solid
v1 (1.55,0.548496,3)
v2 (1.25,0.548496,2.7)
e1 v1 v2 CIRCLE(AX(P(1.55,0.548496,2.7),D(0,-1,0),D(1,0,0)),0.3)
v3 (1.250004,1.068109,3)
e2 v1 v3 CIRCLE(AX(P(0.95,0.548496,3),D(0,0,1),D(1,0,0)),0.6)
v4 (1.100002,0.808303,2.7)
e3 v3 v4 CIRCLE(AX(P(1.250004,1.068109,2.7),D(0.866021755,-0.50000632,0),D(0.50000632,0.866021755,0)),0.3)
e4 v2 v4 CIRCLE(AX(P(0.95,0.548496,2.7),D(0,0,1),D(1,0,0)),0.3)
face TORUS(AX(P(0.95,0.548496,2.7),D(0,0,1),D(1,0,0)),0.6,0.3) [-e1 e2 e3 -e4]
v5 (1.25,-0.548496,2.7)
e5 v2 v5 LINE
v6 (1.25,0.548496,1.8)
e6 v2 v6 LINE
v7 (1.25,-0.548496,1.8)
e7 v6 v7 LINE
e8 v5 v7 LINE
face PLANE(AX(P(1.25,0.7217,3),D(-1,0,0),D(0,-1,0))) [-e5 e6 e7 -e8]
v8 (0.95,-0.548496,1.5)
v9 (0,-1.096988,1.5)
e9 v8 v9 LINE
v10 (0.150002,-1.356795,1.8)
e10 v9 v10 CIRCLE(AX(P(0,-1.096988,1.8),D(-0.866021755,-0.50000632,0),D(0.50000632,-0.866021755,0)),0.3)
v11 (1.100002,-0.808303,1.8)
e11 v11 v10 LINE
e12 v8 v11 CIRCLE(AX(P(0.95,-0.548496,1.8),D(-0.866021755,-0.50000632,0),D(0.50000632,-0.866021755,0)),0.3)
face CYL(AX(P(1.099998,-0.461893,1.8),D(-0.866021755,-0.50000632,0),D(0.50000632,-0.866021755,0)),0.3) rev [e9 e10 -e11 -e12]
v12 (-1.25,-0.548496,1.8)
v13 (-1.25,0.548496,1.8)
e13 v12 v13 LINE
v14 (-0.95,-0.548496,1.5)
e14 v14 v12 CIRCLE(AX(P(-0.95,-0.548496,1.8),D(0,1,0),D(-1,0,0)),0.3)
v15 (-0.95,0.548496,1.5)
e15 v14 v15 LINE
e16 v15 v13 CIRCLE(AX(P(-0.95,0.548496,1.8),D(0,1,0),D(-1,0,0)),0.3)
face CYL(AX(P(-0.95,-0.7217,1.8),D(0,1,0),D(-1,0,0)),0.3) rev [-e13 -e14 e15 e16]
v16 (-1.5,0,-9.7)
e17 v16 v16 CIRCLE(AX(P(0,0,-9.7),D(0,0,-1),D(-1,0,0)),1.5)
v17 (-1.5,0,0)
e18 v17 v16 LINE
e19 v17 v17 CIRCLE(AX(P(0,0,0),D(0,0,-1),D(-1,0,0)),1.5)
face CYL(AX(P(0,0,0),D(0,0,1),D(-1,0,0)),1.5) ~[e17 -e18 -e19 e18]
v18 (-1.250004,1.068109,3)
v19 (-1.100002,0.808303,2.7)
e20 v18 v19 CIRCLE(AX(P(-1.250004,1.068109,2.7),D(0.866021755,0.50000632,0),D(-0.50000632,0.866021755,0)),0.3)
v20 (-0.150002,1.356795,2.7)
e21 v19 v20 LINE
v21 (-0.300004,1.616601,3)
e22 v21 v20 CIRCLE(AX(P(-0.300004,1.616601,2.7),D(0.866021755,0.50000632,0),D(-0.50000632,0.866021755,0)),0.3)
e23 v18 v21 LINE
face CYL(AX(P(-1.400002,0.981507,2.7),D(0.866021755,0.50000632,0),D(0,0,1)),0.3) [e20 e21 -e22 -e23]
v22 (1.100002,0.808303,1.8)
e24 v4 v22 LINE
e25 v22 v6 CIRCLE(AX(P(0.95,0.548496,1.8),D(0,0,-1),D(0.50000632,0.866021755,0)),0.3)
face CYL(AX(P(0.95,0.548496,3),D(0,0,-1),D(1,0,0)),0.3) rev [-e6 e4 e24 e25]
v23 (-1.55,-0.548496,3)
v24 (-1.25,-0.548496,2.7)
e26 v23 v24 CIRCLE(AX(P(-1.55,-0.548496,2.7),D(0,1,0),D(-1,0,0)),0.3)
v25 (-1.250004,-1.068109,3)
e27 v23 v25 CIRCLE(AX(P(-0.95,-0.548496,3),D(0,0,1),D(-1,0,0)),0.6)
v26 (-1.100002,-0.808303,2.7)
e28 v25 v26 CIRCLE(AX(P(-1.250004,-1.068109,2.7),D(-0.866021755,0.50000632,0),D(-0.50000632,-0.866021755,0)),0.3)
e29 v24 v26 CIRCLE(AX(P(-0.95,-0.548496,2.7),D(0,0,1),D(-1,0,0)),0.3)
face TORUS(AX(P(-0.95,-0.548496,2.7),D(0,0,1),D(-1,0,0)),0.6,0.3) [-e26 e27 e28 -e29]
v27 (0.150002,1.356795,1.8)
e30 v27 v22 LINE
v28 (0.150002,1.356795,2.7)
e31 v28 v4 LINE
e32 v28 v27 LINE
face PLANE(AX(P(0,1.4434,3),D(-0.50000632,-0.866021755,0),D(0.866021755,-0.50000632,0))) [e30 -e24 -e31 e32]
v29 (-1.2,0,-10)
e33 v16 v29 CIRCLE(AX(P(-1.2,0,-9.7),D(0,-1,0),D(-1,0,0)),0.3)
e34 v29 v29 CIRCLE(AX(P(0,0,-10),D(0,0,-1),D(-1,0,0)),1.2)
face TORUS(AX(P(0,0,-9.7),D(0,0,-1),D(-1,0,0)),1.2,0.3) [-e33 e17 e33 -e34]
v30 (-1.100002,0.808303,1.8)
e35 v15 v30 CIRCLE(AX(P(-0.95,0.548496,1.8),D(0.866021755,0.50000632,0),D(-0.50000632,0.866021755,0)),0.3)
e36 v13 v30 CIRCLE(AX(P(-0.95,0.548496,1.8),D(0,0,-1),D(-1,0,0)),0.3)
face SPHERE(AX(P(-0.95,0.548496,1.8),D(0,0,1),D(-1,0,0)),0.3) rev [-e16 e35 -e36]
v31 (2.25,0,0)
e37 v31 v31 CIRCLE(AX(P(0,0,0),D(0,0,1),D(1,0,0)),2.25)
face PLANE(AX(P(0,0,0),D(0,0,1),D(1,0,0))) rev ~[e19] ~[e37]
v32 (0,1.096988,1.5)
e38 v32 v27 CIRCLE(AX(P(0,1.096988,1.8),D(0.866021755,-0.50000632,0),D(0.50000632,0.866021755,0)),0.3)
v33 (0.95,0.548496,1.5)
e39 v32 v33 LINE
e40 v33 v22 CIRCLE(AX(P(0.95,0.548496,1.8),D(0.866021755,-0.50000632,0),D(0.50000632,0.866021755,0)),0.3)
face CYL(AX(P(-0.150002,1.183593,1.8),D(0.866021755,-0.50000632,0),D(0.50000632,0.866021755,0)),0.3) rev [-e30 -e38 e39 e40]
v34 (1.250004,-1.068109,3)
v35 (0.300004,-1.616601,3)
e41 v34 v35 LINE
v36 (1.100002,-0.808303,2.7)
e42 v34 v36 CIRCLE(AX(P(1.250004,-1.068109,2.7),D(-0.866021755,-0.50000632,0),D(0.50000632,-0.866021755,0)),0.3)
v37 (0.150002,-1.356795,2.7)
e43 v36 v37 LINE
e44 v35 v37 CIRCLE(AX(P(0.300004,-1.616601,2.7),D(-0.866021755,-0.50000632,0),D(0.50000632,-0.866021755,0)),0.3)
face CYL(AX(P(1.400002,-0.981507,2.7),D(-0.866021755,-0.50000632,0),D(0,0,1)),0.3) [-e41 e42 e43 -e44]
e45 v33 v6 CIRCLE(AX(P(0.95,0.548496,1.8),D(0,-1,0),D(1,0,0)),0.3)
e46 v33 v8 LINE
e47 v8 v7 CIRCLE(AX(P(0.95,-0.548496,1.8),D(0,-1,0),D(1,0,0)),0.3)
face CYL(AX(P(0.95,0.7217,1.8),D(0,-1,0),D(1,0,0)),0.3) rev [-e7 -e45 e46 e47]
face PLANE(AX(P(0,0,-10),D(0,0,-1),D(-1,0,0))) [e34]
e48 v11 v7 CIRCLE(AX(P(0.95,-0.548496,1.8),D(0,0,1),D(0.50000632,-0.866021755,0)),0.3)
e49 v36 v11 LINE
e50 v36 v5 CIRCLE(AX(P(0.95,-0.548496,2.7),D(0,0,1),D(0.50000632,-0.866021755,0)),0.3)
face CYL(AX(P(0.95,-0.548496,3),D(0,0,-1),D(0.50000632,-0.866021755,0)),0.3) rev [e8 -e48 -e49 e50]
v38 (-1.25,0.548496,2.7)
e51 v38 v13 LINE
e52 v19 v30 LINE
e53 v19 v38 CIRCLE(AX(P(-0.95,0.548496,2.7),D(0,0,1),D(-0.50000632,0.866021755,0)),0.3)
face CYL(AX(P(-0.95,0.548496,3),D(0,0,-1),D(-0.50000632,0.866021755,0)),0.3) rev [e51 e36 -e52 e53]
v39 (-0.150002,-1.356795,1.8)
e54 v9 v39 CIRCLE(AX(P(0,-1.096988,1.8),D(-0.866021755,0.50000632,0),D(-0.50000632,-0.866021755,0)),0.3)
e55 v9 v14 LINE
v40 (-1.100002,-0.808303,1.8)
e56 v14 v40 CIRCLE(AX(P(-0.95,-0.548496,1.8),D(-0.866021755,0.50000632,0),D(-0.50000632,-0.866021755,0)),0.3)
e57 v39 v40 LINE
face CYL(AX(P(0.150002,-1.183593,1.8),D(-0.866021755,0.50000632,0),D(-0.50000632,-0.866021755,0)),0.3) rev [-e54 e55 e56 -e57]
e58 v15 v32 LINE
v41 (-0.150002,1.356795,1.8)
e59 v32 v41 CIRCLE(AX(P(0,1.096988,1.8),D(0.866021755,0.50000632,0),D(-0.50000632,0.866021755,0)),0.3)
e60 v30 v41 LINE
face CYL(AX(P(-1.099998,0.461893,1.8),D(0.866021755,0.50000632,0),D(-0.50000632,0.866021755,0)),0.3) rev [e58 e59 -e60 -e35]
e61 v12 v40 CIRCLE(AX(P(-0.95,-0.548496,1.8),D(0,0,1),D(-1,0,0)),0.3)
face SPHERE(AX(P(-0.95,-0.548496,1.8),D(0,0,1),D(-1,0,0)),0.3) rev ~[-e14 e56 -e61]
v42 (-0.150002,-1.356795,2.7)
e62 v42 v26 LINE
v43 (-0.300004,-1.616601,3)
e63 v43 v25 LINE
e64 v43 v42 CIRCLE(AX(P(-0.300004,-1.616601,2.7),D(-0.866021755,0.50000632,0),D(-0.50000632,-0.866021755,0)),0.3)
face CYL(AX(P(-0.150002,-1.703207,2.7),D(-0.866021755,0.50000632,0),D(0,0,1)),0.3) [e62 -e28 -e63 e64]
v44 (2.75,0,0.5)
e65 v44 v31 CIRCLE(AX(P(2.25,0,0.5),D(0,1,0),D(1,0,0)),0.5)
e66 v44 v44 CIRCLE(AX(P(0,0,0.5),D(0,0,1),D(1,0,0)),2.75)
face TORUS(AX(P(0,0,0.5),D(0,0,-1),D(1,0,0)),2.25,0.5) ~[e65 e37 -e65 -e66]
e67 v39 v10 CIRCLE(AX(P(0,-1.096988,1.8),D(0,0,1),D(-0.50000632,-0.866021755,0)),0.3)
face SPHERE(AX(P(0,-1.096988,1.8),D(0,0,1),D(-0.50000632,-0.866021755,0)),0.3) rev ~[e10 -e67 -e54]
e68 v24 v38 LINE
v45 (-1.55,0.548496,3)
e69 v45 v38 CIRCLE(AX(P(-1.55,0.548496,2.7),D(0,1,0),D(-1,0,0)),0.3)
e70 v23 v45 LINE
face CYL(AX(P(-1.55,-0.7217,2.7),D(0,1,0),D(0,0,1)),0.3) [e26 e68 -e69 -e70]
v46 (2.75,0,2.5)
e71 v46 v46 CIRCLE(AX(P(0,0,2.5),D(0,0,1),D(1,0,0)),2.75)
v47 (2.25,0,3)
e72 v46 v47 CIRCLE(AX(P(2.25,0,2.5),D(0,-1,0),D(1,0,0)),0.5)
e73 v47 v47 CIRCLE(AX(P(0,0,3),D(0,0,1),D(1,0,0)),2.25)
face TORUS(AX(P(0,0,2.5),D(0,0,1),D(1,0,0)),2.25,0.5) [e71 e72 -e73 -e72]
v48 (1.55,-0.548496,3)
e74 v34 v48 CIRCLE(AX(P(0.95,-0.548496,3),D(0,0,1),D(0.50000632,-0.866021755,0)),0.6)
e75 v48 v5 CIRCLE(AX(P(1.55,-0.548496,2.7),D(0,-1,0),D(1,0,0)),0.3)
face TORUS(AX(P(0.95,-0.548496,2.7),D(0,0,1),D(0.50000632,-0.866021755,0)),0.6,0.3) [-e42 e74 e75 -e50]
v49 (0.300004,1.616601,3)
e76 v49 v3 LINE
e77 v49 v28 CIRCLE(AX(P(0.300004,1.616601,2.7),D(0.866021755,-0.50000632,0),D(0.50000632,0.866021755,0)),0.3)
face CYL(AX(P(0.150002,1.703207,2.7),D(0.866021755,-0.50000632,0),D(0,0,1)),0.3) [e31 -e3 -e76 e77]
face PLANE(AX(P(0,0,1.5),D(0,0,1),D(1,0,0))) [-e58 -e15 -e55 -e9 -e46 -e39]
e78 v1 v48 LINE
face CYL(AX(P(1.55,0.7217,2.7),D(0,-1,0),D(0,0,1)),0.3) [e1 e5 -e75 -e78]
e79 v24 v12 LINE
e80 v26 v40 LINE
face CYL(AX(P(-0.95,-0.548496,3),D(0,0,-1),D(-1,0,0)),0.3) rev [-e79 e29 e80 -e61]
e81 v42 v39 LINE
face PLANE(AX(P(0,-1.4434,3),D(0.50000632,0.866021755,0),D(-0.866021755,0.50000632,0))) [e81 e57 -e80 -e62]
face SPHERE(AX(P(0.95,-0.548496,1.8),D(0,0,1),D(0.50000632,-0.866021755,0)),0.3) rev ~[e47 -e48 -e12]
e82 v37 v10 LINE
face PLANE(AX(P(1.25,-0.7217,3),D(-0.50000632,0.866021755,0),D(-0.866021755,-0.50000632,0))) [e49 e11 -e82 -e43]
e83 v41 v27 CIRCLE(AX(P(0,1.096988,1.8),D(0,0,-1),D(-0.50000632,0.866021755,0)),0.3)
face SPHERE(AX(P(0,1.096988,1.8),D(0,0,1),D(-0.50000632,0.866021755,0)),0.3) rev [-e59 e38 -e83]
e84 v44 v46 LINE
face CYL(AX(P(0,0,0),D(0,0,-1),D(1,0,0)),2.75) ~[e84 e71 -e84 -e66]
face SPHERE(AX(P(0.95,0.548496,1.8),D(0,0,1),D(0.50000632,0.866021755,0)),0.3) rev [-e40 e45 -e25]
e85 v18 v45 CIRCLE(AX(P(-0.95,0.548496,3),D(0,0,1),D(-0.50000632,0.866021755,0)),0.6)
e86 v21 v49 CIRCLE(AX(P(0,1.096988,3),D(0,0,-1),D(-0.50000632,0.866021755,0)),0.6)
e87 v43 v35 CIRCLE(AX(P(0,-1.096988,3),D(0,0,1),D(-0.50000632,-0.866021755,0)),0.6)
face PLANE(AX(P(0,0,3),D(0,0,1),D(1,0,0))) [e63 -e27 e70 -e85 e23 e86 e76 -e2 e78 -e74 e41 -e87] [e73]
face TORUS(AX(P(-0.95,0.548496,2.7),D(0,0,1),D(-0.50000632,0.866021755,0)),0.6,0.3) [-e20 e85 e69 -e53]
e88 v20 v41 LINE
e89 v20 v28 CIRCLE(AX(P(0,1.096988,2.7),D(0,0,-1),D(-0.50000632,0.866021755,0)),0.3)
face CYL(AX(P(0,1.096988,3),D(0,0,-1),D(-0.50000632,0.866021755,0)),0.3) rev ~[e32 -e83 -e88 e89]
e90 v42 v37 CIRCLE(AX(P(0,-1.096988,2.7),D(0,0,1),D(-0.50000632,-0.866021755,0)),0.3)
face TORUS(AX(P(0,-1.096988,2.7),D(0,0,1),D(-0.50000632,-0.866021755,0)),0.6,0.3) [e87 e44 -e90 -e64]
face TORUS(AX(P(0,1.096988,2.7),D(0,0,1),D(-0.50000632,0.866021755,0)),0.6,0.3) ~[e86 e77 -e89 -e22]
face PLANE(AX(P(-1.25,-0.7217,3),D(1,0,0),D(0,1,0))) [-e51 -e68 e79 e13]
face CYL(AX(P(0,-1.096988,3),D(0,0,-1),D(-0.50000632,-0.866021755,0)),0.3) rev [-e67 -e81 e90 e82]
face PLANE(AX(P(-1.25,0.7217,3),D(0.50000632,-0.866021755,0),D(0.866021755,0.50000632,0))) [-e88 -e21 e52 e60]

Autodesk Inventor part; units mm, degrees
ref_plane "YZ Plane" through (0, 0, 0) normal (1, 0, 0) x (0, 1, 0)
ref_plane "XZ Plane" through (0, 0, 0) normal (0, 1, 0) x (-1, 0, 0)
ref_plane "XY Plane" through (0, 0, 0) normal (0, 0, 1) x (1, 0, 0)
sketch "スケッチ1" plane through (0, 0, 0) normal (0, 0, 1) x (1, 0, 0)
  circle A0 centre (0, 0) radius 2.75
  dimension "d0" = 5.5
extrude "押し出し1" add sketch "スケッチ1" along normal blind 3
sketch "スケッチ2" plane through (0, 0, 0) normal (0, 0, -1) x (-1, 0, 0)
  circle A0 centre (0, 0) radius 2.75 projected
  circle A1 centre (0, 0) radius 1.5
  dimension "d3" = 3
extrude "押し出し2" add sketch "スケッチ2" along normal blind 10 contours A1
sketch "スケッチ3" plane through (0, 0, 3) normal (0, 0, 1) x (1, 0, 0)
  circle A0 centre (0, 0) radius 2.75 projected
  line L0 (0, 1.4434) -> (1.25, 0.7217)
  line L1 (1.25, 0.7217) -> (1.25, -0.7217)
  line L2 (1.25, -0.7217) -> (0, -1.4434)
  line L3 (0, -1.4434) -> (-1.25, -0.7217)
  line L4 (-1.25, -0.7217) -> (-1.25, 0.7217)
  line L5 (-1.25, 0.7217) -> (0, 1.4434)
  dimension "d6" = 1.25
extrude "押し出し3" cut sketch "スケッチ3" against normal blind 1.5 contours L0 L1 L2 L3 L4 L5
fillet "フィレット1" radius 0.5 2 edges at (-2.75, 0, 3) (-2.75, 0, 0)
fillet "フィレット2" radius 0.3 19 edges at (-0.625, 1.0825, 3) (-1.25, 0, 3) (-0.625, -1.0825, 3) (0.625, -1.0825, 3) (1.25, 0, 3) (0.625, 1.0825, 3) (-0.625, 1.0825, 1.5) (0.625, 1.0825, 1.5) (0, 1.4434, 2.25) (-1.25, 0.7217, 2.25) (-0.625, -1.0825, 1.5) (-1.25, -0.7217, 2.25) (-1.25, 0, 1.5) (1.25, 0, 1.5) (1.25, 0.7217, 2.25) (1.25, -0.7217, 2.25) (0.625, -1.0825, 1.5) (0, -1.4434, 2.25) (1.5, 0, -10)
thread "ねじ2" size "M3x0.5" class "6g" standard "ANSI Metric M Profile" full length
